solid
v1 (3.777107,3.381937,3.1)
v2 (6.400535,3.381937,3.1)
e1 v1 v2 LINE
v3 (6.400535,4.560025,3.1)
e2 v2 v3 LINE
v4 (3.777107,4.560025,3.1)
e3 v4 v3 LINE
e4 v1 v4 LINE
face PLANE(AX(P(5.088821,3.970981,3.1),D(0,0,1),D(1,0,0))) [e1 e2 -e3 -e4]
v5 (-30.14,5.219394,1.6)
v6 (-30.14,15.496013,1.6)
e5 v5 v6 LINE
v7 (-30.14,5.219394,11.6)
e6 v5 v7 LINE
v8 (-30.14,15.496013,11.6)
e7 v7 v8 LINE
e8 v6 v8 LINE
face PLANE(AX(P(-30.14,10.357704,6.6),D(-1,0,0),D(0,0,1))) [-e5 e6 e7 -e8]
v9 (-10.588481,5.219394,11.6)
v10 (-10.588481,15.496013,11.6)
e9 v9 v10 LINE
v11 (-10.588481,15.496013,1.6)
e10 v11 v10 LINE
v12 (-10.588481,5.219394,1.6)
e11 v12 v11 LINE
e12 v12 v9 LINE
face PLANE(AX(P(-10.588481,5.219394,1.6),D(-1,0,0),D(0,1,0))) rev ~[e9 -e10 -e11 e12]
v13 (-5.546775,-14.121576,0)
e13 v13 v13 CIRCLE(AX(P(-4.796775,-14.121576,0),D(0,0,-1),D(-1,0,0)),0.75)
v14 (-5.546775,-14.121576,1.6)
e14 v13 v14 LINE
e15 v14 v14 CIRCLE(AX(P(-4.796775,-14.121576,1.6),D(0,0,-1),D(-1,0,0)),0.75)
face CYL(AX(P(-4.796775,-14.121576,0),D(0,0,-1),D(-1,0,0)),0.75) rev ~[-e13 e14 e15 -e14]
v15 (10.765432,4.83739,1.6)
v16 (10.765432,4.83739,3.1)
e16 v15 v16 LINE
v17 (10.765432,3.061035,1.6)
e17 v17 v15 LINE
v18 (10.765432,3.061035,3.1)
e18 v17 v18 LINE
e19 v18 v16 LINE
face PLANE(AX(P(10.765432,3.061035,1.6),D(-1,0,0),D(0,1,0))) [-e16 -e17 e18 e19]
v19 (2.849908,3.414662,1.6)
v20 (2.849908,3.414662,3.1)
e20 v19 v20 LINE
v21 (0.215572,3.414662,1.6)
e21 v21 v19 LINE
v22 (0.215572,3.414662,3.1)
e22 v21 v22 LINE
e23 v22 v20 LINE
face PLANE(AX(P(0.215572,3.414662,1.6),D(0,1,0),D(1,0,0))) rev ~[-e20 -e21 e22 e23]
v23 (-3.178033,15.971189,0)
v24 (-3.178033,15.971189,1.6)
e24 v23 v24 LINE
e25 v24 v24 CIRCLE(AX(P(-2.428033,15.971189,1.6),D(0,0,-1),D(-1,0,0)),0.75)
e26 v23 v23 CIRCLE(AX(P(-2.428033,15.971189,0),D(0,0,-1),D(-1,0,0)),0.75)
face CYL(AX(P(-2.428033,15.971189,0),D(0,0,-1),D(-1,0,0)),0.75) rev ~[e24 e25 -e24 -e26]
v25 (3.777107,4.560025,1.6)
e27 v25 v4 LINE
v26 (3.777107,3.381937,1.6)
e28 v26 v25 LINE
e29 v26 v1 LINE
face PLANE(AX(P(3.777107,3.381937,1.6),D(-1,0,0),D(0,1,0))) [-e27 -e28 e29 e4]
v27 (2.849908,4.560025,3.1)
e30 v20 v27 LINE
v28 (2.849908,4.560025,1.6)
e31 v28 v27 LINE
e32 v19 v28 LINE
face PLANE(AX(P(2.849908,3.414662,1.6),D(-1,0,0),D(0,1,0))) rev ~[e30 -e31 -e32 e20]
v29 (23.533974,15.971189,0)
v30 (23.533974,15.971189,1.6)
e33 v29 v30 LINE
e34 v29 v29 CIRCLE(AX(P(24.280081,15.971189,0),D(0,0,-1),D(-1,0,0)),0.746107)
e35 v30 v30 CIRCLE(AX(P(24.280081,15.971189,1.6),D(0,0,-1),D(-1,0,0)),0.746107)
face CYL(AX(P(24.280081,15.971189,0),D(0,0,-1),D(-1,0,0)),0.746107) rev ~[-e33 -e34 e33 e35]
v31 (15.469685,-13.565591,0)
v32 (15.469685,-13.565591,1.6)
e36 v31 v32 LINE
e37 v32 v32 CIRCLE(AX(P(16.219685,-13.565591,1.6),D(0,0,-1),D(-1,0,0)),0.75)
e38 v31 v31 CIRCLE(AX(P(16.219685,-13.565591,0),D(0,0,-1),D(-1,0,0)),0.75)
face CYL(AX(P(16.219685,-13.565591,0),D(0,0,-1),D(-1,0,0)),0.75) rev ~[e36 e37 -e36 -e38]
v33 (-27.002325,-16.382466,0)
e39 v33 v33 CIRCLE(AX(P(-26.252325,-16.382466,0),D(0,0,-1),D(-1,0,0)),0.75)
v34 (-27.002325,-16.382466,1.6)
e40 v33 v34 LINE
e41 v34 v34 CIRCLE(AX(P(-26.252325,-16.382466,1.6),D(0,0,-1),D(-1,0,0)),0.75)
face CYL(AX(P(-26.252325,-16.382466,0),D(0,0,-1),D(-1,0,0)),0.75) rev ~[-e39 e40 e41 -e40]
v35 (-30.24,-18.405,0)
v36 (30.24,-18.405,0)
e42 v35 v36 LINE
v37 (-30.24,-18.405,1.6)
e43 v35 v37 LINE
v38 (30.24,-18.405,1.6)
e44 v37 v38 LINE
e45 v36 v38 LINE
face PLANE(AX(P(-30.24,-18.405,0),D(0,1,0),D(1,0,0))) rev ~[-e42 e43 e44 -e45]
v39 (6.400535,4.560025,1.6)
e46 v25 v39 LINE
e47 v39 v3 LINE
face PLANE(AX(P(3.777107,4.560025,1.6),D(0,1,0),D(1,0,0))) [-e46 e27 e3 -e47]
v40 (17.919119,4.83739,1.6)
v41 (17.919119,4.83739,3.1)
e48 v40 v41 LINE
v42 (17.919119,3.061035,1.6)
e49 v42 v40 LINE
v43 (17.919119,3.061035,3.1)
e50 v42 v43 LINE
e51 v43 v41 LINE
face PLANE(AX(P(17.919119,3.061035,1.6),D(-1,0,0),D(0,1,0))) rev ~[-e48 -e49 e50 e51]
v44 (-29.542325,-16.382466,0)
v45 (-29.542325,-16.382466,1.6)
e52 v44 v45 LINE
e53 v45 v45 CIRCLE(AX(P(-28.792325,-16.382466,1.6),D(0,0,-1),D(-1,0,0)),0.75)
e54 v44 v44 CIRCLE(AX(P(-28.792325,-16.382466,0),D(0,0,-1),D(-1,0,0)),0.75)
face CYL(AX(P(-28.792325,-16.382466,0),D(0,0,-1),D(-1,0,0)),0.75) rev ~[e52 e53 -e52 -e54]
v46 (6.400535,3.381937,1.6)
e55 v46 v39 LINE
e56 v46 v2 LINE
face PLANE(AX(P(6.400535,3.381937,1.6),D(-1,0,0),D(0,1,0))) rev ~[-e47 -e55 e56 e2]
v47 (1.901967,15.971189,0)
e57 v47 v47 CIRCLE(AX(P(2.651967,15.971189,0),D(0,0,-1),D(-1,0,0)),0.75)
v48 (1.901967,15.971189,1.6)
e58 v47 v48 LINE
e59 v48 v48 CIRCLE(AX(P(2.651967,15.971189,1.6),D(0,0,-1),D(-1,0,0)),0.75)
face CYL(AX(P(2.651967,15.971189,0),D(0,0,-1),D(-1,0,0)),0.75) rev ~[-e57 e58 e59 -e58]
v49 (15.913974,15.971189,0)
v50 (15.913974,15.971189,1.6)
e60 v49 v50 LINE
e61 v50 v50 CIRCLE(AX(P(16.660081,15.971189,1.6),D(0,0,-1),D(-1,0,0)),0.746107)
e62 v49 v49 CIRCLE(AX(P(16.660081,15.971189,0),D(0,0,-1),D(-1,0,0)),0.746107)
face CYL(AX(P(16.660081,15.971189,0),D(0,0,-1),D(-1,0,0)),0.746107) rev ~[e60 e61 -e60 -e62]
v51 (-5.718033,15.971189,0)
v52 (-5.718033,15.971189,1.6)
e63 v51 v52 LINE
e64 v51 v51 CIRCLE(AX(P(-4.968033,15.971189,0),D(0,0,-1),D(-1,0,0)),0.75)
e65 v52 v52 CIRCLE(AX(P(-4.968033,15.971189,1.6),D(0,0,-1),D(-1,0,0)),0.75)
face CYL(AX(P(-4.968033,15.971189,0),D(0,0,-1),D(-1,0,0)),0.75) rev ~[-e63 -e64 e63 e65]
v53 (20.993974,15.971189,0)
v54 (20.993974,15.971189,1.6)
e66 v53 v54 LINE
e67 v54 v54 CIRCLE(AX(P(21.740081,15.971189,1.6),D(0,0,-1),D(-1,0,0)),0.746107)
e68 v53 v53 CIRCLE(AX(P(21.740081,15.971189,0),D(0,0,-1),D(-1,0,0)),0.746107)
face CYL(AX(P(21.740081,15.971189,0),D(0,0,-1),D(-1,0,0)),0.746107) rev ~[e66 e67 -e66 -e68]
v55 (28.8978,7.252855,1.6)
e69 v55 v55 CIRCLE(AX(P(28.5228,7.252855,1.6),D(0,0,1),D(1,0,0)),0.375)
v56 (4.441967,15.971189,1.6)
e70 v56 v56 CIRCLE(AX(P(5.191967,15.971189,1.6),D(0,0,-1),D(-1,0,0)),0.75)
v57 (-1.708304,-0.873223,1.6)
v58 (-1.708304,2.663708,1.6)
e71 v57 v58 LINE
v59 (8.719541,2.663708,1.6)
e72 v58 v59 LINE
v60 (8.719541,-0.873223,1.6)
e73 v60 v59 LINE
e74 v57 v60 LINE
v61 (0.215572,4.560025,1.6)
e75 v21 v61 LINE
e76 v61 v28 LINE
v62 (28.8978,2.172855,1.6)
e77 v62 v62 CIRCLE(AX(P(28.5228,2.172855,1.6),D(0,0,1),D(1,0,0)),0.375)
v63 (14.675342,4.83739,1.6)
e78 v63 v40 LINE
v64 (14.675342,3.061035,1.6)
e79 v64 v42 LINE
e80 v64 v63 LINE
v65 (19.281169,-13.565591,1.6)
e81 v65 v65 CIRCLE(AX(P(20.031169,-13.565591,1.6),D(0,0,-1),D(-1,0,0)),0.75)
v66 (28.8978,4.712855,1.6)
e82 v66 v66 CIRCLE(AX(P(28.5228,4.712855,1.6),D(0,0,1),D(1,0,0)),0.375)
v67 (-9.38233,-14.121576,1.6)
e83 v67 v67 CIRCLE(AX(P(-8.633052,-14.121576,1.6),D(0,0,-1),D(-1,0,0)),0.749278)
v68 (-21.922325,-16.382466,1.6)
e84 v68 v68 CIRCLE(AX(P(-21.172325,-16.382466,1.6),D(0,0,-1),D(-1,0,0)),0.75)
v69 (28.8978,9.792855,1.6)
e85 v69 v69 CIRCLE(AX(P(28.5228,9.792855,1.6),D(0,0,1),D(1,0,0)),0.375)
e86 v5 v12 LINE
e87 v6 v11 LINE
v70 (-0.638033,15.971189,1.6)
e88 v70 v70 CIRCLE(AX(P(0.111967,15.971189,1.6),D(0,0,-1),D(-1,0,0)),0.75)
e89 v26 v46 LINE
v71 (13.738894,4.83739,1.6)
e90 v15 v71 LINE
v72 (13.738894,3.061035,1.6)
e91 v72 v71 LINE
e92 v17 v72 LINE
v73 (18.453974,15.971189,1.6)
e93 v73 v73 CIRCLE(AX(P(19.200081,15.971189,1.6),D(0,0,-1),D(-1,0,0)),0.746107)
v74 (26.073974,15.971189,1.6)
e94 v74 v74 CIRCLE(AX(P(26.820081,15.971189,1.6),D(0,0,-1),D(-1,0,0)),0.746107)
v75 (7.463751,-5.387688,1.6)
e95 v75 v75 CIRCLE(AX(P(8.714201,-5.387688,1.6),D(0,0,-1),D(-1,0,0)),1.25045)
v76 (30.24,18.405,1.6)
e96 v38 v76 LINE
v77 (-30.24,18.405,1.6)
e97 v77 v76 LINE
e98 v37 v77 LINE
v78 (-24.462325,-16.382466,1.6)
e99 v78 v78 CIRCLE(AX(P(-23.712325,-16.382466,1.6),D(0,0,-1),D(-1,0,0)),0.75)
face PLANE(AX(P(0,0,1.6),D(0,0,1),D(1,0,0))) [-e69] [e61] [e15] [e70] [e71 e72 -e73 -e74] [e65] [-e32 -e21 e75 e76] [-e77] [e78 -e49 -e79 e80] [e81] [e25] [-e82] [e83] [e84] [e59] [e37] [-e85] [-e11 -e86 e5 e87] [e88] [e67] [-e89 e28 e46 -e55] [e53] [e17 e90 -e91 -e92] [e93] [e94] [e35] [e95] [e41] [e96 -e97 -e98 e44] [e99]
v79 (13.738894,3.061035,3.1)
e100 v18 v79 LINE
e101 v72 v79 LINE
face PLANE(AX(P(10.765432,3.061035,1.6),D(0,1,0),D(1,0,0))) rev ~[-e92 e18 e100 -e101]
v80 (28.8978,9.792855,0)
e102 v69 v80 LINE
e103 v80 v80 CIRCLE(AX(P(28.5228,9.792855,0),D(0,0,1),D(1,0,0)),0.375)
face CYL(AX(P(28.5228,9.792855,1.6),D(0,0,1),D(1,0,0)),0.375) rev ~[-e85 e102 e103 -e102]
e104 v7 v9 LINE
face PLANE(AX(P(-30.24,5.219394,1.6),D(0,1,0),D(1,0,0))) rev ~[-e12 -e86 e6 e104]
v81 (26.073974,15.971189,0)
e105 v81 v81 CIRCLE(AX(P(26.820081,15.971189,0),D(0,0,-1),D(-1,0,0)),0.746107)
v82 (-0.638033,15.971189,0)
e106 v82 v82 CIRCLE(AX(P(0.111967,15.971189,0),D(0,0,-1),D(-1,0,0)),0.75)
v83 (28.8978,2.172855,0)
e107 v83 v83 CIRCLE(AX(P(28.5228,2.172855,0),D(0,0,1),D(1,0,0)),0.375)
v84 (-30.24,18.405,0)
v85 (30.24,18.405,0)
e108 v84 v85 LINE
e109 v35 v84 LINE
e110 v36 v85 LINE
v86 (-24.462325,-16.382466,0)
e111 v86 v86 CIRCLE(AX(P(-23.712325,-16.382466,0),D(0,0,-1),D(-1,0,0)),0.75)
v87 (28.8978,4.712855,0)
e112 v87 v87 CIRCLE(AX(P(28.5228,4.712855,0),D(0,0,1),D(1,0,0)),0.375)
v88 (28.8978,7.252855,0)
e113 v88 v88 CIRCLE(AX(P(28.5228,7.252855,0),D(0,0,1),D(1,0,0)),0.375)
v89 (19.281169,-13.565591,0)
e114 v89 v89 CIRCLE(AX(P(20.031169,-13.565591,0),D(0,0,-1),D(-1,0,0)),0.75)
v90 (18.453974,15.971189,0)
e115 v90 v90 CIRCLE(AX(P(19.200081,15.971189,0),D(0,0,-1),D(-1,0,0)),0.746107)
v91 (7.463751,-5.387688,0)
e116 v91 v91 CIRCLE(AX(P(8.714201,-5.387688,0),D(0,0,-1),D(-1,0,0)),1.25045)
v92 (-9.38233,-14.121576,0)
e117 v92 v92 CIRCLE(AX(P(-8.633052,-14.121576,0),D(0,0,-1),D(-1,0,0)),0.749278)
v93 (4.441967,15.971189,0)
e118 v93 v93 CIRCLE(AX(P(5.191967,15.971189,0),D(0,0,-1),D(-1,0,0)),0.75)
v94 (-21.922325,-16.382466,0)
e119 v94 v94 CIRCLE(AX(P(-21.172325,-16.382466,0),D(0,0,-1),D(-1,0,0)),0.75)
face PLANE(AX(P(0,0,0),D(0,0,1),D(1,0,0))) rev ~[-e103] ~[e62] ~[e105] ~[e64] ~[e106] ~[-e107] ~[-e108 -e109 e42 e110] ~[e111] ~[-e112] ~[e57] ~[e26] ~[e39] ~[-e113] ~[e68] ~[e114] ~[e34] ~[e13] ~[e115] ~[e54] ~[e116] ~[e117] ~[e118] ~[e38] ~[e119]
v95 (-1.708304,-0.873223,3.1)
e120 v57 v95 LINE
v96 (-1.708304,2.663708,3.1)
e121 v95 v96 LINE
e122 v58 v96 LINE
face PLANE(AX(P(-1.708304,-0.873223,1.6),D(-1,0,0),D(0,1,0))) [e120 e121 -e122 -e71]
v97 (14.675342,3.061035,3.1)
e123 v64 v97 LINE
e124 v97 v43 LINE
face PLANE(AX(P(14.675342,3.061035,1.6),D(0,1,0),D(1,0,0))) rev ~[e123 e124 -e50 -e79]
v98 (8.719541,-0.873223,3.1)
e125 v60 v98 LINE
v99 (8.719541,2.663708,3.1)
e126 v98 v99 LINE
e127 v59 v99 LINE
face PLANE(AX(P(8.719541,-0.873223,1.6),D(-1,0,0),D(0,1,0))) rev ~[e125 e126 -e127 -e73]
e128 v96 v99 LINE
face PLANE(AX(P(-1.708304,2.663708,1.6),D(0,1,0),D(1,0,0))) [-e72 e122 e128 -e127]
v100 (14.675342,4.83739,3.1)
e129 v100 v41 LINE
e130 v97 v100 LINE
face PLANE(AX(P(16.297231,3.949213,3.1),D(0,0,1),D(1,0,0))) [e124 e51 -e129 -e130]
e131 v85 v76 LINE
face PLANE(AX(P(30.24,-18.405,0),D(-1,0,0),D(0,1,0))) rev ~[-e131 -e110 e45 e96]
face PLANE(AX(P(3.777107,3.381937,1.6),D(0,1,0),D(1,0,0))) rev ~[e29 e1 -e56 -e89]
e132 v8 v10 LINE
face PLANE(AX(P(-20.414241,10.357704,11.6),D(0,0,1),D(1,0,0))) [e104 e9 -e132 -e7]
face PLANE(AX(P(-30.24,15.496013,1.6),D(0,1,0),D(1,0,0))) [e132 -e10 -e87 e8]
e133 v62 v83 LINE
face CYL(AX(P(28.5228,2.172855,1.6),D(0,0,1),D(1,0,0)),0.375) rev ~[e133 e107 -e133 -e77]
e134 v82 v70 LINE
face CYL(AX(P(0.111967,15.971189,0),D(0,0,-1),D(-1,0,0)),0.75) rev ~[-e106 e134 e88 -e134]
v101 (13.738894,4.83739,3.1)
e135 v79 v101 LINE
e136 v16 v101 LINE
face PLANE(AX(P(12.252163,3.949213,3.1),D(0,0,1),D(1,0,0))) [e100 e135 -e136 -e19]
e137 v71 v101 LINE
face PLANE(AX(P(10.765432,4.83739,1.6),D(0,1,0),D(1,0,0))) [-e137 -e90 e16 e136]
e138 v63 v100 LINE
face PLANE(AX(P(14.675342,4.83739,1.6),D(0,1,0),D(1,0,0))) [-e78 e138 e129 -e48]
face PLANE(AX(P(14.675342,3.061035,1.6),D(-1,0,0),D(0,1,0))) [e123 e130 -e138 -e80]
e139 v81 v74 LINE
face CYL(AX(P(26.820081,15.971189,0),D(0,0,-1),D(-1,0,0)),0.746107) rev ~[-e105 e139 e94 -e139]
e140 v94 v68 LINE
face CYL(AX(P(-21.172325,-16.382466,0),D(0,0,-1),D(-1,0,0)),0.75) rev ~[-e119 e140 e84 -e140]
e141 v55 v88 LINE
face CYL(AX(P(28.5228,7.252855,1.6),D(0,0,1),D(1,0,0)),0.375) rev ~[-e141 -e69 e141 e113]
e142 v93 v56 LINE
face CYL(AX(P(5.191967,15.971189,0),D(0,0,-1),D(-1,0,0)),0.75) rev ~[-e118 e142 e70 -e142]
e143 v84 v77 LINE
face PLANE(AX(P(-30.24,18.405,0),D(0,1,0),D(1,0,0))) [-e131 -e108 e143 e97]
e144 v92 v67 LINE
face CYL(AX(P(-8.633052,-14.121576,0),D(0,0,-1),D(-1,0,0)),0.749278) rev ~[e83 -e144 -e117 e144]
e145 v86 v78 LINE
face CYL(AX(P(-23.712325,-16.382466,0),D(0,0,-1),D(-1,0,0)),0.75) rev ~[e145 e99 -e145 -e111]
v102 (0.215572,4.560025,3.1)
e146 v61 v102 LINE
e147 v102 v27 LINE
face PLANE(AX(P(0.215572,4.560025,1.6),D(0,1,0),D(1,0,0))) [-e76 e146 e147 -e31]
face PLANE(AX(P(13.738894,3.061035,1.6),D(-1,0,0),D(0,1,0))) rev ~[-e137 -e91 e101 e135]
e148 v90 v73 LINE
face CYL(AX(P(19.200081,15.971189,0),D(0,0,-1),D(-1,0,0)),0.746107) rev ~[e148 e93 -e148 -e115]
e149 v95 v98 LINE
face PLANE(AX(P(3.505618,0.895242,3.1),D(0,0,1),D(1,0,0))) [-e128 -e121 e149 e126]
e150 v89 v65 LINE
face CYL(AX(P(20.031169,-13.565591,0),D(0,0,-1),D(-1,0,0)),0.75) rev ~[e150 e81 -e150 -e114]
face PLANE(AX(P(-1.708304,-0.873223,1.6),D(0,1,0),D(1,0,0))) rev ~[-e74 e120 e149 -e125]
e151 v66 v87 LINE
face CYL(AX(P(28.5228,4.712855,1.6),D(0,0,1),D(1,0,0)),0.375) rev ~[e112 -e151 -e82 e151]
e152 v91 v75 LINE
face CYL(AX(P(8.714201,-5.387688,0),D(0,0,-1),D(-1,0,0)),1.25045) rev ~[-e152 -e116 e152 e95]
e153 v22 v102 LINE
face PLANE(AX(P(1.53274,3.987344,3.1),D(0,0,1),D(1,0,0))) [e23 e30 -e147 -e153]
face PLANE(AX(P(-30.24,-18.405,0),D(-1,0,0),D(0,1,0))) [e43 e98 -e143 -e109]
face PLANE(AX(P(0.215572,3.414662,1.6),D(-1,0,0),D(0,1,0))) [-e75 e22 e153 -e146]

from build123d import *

# Parameters (mm, degrees)
ESQUISSE1_W             = 60.48
ESQUISSE1_H             = 36.81
BOSS_EXTRU_1_DEPTH      = 1.6
HOLES_R                 = 0.746107215
HOLES_R_2               = 0.75
HOLES_R_3               = 1.250449685
HOLES_R_4               = 0.749278137
ENL_V_MAT_EXTRU_1_DEPTH = 1.6
ESQUISSE4_R             = 0.375
ENL_V_MAT_EXTRU_2_DEPTH = 1.6
COMPOSANTS_W            = 10.427845653
COMPOSANTS_H            = 3.536930105
COMPOSANTS_W_2          = 3.243777278
COMPOSANTS_H_2          = 1.776354224
COMPOSANTS_W_3          = 2.973462505
COMPOSANTS_W_4          = 2.623427815
COMPOSANTS_H_3          = 1.178088166
COMPOSANTS_W_5          = 2.634336038
COMPOSANTS_H_4          = 1.145363495
BOSS_EXTRU_2_DEPTH      = 1.5
ESQUISSE6_W             = 19.651518654
ESQUISSE6_H             = 10.276618936
BOSS_EXTRU_3_DEPTH      = 10
ESQUISSE7_W             = 10
ESQUISSE7_H             = 10.276618936
ENL_V_MAT_EXTRU_3_DEPTH = 0.1


with BuildPart() as part:
    # Esquisse1 → Boss.-Extru.1 (new body)
    with BuildSketch(Plane.XY):
        Rectangle(ESQUISSE1_W, ESQUISSE1_H)
    extrude(amount=BOSS_EXTRU_1_DEPTH)

    # holes → Enlèv. mat.-Extru.1 (cut)
    with BuildSketch(Plane(origin=(0, 0, 0), x_dir=(-1, 0, 0), z_dir=(0, 0, -1))):
        with Locations((-26.820081416, 15.971189451)):
            Circle(HOLES_R)
        with Locations((-24.280081416, 15.971189451)):
            Circle(HOLES_R)
        with Locations((-21.740081416, 15.971189451)):
            Circle(HOLES_R)
        with Locations((-19.200081416, 15.971189451)):
            Circle(HOLES_R)
        with Locations((-16.660081416, 15.971189451)):
            Circle(HOLES_R)
        with Locations((-0.111966665, 15.971189451)):
            Circle(HOLES_R_2)
        with Locations((2.428033335, 15.971189451)):
            Circle(HOLES_R_2)
        with Locations((4.968033335, 15.971189451)):
            Circle(HOLES_R_2)
        with Locations((-2.651966665, 15.971189451)):
            Circle(HOLES_R_2)
        with Locations((-5.191966665, 15.971189451)):
            Circle(HOLES_R_2)
        with Locations((-8.714200976, -5.38768812)):
            Circle(HOLES_R_3)
        with Locations((23.712324903, -16.38246564)):
            Circle(HOLES_R_2)
        with Locations((26.252324903, -16.38246564)):
            Circle(HOLES_R_2)
        with Locations((28.792324903, -16.38246564)):
            Circle(HOLES_R_2)
        with Locations((21.172324903, -16.38246564)):
            Circle(HOLES_R_2)
        with Locations((-16.219684892, -13.565590628)):
            Circle(HOLES_R_2)
        with Locations((-20.031169083, -13.565590628)):
            Circle(HOLES_R_2)
        with Locations((4.79677487, -14.121575923)):
            Circle(HOLES_R_2)
        with Locations((8.63305215, -14.121575923)):
            Circle(HOLES_R_4)
    extrude(amount=-ENL_V_MAT_EXTRU_1_DEPTH, mode=Mode.SUBTRACT)

    # Esquisse4 → Enlèv. mat.-Extru.2 (cut)
    with BuildSketch(Plane.XY.offset(1.6)):
        with Locations((28.522800068, 2.172855337)):
            Circle(ESQUISSE4_R)
        with Locations((28.522800068, 4.712855337)):
            Circle(ESQUISSE4_R)
        with Locations((28.522800068, 7.252855337)):
            Circle(ESQUISSE4_R)
        with Locations((28.522800068, 9.792855337)):
            Circle(ESQUISSE4_R)
    extrude(amount=-ENL_V_MAT_EXTRU_2_DEPTH, mode=Mode.SUBTRACT)

    # composants → Boss.-Extru.2 (add)
    with BuildSketch(Plane.XY.offset(1.6)):
        with Locations((3.505618489, 0.895242457)):
            Rectangle(COMPOSANTS_W, COMPOSANTS_H)
        with Locations((16.297230516, 3.949212585)):
            Rectangle(COMPOSANTS_W_2, COMPOSANTS_H_2)
        with Locations((12.252163018, 3.949212585)):
            Rectangle(COMPOSANTS_W_3, COMPOSANTS_H_2)
        with Locations((5.088820687, 3.970981166)):
            Rectangle(COMPOSANTS_W_4, COMPOSANTS_H_3)
        with Locations((1.532739741, 3.987343502)):
            Rectangle(COMPOSANTS_W_5, COMPOSANTS_H_4)
    extrude(amount=BOSS_EXTRU_2_DEPTH)

    # Esquisse6 → Boss.-Extru.3 (add)
    with BuildSketch(Plane.XY.offset(1.6)):
        with Locations((-20.414240673, 10.357703845)):
            Rectangle(ESQUISSE6_W, ESQUISSE6_H)
    extrude(amount=BOSS_EXTRU_3_DEPTH)

    # Esquisse7 → Enlèv. mat.-Extru.3 (cut)
    with BuildSketch(Plane.ZY.offset(30.24)):
        with Locations((6.6, 10.357703845)):
            Rectangle(ESQUISSE7_W, ESQUISSE7_H)
    extrude(amount=-ENL_V_MAT_EXTRU_3_DEPTH, mode=Mode.SUBTRACT)


solid = part.part
